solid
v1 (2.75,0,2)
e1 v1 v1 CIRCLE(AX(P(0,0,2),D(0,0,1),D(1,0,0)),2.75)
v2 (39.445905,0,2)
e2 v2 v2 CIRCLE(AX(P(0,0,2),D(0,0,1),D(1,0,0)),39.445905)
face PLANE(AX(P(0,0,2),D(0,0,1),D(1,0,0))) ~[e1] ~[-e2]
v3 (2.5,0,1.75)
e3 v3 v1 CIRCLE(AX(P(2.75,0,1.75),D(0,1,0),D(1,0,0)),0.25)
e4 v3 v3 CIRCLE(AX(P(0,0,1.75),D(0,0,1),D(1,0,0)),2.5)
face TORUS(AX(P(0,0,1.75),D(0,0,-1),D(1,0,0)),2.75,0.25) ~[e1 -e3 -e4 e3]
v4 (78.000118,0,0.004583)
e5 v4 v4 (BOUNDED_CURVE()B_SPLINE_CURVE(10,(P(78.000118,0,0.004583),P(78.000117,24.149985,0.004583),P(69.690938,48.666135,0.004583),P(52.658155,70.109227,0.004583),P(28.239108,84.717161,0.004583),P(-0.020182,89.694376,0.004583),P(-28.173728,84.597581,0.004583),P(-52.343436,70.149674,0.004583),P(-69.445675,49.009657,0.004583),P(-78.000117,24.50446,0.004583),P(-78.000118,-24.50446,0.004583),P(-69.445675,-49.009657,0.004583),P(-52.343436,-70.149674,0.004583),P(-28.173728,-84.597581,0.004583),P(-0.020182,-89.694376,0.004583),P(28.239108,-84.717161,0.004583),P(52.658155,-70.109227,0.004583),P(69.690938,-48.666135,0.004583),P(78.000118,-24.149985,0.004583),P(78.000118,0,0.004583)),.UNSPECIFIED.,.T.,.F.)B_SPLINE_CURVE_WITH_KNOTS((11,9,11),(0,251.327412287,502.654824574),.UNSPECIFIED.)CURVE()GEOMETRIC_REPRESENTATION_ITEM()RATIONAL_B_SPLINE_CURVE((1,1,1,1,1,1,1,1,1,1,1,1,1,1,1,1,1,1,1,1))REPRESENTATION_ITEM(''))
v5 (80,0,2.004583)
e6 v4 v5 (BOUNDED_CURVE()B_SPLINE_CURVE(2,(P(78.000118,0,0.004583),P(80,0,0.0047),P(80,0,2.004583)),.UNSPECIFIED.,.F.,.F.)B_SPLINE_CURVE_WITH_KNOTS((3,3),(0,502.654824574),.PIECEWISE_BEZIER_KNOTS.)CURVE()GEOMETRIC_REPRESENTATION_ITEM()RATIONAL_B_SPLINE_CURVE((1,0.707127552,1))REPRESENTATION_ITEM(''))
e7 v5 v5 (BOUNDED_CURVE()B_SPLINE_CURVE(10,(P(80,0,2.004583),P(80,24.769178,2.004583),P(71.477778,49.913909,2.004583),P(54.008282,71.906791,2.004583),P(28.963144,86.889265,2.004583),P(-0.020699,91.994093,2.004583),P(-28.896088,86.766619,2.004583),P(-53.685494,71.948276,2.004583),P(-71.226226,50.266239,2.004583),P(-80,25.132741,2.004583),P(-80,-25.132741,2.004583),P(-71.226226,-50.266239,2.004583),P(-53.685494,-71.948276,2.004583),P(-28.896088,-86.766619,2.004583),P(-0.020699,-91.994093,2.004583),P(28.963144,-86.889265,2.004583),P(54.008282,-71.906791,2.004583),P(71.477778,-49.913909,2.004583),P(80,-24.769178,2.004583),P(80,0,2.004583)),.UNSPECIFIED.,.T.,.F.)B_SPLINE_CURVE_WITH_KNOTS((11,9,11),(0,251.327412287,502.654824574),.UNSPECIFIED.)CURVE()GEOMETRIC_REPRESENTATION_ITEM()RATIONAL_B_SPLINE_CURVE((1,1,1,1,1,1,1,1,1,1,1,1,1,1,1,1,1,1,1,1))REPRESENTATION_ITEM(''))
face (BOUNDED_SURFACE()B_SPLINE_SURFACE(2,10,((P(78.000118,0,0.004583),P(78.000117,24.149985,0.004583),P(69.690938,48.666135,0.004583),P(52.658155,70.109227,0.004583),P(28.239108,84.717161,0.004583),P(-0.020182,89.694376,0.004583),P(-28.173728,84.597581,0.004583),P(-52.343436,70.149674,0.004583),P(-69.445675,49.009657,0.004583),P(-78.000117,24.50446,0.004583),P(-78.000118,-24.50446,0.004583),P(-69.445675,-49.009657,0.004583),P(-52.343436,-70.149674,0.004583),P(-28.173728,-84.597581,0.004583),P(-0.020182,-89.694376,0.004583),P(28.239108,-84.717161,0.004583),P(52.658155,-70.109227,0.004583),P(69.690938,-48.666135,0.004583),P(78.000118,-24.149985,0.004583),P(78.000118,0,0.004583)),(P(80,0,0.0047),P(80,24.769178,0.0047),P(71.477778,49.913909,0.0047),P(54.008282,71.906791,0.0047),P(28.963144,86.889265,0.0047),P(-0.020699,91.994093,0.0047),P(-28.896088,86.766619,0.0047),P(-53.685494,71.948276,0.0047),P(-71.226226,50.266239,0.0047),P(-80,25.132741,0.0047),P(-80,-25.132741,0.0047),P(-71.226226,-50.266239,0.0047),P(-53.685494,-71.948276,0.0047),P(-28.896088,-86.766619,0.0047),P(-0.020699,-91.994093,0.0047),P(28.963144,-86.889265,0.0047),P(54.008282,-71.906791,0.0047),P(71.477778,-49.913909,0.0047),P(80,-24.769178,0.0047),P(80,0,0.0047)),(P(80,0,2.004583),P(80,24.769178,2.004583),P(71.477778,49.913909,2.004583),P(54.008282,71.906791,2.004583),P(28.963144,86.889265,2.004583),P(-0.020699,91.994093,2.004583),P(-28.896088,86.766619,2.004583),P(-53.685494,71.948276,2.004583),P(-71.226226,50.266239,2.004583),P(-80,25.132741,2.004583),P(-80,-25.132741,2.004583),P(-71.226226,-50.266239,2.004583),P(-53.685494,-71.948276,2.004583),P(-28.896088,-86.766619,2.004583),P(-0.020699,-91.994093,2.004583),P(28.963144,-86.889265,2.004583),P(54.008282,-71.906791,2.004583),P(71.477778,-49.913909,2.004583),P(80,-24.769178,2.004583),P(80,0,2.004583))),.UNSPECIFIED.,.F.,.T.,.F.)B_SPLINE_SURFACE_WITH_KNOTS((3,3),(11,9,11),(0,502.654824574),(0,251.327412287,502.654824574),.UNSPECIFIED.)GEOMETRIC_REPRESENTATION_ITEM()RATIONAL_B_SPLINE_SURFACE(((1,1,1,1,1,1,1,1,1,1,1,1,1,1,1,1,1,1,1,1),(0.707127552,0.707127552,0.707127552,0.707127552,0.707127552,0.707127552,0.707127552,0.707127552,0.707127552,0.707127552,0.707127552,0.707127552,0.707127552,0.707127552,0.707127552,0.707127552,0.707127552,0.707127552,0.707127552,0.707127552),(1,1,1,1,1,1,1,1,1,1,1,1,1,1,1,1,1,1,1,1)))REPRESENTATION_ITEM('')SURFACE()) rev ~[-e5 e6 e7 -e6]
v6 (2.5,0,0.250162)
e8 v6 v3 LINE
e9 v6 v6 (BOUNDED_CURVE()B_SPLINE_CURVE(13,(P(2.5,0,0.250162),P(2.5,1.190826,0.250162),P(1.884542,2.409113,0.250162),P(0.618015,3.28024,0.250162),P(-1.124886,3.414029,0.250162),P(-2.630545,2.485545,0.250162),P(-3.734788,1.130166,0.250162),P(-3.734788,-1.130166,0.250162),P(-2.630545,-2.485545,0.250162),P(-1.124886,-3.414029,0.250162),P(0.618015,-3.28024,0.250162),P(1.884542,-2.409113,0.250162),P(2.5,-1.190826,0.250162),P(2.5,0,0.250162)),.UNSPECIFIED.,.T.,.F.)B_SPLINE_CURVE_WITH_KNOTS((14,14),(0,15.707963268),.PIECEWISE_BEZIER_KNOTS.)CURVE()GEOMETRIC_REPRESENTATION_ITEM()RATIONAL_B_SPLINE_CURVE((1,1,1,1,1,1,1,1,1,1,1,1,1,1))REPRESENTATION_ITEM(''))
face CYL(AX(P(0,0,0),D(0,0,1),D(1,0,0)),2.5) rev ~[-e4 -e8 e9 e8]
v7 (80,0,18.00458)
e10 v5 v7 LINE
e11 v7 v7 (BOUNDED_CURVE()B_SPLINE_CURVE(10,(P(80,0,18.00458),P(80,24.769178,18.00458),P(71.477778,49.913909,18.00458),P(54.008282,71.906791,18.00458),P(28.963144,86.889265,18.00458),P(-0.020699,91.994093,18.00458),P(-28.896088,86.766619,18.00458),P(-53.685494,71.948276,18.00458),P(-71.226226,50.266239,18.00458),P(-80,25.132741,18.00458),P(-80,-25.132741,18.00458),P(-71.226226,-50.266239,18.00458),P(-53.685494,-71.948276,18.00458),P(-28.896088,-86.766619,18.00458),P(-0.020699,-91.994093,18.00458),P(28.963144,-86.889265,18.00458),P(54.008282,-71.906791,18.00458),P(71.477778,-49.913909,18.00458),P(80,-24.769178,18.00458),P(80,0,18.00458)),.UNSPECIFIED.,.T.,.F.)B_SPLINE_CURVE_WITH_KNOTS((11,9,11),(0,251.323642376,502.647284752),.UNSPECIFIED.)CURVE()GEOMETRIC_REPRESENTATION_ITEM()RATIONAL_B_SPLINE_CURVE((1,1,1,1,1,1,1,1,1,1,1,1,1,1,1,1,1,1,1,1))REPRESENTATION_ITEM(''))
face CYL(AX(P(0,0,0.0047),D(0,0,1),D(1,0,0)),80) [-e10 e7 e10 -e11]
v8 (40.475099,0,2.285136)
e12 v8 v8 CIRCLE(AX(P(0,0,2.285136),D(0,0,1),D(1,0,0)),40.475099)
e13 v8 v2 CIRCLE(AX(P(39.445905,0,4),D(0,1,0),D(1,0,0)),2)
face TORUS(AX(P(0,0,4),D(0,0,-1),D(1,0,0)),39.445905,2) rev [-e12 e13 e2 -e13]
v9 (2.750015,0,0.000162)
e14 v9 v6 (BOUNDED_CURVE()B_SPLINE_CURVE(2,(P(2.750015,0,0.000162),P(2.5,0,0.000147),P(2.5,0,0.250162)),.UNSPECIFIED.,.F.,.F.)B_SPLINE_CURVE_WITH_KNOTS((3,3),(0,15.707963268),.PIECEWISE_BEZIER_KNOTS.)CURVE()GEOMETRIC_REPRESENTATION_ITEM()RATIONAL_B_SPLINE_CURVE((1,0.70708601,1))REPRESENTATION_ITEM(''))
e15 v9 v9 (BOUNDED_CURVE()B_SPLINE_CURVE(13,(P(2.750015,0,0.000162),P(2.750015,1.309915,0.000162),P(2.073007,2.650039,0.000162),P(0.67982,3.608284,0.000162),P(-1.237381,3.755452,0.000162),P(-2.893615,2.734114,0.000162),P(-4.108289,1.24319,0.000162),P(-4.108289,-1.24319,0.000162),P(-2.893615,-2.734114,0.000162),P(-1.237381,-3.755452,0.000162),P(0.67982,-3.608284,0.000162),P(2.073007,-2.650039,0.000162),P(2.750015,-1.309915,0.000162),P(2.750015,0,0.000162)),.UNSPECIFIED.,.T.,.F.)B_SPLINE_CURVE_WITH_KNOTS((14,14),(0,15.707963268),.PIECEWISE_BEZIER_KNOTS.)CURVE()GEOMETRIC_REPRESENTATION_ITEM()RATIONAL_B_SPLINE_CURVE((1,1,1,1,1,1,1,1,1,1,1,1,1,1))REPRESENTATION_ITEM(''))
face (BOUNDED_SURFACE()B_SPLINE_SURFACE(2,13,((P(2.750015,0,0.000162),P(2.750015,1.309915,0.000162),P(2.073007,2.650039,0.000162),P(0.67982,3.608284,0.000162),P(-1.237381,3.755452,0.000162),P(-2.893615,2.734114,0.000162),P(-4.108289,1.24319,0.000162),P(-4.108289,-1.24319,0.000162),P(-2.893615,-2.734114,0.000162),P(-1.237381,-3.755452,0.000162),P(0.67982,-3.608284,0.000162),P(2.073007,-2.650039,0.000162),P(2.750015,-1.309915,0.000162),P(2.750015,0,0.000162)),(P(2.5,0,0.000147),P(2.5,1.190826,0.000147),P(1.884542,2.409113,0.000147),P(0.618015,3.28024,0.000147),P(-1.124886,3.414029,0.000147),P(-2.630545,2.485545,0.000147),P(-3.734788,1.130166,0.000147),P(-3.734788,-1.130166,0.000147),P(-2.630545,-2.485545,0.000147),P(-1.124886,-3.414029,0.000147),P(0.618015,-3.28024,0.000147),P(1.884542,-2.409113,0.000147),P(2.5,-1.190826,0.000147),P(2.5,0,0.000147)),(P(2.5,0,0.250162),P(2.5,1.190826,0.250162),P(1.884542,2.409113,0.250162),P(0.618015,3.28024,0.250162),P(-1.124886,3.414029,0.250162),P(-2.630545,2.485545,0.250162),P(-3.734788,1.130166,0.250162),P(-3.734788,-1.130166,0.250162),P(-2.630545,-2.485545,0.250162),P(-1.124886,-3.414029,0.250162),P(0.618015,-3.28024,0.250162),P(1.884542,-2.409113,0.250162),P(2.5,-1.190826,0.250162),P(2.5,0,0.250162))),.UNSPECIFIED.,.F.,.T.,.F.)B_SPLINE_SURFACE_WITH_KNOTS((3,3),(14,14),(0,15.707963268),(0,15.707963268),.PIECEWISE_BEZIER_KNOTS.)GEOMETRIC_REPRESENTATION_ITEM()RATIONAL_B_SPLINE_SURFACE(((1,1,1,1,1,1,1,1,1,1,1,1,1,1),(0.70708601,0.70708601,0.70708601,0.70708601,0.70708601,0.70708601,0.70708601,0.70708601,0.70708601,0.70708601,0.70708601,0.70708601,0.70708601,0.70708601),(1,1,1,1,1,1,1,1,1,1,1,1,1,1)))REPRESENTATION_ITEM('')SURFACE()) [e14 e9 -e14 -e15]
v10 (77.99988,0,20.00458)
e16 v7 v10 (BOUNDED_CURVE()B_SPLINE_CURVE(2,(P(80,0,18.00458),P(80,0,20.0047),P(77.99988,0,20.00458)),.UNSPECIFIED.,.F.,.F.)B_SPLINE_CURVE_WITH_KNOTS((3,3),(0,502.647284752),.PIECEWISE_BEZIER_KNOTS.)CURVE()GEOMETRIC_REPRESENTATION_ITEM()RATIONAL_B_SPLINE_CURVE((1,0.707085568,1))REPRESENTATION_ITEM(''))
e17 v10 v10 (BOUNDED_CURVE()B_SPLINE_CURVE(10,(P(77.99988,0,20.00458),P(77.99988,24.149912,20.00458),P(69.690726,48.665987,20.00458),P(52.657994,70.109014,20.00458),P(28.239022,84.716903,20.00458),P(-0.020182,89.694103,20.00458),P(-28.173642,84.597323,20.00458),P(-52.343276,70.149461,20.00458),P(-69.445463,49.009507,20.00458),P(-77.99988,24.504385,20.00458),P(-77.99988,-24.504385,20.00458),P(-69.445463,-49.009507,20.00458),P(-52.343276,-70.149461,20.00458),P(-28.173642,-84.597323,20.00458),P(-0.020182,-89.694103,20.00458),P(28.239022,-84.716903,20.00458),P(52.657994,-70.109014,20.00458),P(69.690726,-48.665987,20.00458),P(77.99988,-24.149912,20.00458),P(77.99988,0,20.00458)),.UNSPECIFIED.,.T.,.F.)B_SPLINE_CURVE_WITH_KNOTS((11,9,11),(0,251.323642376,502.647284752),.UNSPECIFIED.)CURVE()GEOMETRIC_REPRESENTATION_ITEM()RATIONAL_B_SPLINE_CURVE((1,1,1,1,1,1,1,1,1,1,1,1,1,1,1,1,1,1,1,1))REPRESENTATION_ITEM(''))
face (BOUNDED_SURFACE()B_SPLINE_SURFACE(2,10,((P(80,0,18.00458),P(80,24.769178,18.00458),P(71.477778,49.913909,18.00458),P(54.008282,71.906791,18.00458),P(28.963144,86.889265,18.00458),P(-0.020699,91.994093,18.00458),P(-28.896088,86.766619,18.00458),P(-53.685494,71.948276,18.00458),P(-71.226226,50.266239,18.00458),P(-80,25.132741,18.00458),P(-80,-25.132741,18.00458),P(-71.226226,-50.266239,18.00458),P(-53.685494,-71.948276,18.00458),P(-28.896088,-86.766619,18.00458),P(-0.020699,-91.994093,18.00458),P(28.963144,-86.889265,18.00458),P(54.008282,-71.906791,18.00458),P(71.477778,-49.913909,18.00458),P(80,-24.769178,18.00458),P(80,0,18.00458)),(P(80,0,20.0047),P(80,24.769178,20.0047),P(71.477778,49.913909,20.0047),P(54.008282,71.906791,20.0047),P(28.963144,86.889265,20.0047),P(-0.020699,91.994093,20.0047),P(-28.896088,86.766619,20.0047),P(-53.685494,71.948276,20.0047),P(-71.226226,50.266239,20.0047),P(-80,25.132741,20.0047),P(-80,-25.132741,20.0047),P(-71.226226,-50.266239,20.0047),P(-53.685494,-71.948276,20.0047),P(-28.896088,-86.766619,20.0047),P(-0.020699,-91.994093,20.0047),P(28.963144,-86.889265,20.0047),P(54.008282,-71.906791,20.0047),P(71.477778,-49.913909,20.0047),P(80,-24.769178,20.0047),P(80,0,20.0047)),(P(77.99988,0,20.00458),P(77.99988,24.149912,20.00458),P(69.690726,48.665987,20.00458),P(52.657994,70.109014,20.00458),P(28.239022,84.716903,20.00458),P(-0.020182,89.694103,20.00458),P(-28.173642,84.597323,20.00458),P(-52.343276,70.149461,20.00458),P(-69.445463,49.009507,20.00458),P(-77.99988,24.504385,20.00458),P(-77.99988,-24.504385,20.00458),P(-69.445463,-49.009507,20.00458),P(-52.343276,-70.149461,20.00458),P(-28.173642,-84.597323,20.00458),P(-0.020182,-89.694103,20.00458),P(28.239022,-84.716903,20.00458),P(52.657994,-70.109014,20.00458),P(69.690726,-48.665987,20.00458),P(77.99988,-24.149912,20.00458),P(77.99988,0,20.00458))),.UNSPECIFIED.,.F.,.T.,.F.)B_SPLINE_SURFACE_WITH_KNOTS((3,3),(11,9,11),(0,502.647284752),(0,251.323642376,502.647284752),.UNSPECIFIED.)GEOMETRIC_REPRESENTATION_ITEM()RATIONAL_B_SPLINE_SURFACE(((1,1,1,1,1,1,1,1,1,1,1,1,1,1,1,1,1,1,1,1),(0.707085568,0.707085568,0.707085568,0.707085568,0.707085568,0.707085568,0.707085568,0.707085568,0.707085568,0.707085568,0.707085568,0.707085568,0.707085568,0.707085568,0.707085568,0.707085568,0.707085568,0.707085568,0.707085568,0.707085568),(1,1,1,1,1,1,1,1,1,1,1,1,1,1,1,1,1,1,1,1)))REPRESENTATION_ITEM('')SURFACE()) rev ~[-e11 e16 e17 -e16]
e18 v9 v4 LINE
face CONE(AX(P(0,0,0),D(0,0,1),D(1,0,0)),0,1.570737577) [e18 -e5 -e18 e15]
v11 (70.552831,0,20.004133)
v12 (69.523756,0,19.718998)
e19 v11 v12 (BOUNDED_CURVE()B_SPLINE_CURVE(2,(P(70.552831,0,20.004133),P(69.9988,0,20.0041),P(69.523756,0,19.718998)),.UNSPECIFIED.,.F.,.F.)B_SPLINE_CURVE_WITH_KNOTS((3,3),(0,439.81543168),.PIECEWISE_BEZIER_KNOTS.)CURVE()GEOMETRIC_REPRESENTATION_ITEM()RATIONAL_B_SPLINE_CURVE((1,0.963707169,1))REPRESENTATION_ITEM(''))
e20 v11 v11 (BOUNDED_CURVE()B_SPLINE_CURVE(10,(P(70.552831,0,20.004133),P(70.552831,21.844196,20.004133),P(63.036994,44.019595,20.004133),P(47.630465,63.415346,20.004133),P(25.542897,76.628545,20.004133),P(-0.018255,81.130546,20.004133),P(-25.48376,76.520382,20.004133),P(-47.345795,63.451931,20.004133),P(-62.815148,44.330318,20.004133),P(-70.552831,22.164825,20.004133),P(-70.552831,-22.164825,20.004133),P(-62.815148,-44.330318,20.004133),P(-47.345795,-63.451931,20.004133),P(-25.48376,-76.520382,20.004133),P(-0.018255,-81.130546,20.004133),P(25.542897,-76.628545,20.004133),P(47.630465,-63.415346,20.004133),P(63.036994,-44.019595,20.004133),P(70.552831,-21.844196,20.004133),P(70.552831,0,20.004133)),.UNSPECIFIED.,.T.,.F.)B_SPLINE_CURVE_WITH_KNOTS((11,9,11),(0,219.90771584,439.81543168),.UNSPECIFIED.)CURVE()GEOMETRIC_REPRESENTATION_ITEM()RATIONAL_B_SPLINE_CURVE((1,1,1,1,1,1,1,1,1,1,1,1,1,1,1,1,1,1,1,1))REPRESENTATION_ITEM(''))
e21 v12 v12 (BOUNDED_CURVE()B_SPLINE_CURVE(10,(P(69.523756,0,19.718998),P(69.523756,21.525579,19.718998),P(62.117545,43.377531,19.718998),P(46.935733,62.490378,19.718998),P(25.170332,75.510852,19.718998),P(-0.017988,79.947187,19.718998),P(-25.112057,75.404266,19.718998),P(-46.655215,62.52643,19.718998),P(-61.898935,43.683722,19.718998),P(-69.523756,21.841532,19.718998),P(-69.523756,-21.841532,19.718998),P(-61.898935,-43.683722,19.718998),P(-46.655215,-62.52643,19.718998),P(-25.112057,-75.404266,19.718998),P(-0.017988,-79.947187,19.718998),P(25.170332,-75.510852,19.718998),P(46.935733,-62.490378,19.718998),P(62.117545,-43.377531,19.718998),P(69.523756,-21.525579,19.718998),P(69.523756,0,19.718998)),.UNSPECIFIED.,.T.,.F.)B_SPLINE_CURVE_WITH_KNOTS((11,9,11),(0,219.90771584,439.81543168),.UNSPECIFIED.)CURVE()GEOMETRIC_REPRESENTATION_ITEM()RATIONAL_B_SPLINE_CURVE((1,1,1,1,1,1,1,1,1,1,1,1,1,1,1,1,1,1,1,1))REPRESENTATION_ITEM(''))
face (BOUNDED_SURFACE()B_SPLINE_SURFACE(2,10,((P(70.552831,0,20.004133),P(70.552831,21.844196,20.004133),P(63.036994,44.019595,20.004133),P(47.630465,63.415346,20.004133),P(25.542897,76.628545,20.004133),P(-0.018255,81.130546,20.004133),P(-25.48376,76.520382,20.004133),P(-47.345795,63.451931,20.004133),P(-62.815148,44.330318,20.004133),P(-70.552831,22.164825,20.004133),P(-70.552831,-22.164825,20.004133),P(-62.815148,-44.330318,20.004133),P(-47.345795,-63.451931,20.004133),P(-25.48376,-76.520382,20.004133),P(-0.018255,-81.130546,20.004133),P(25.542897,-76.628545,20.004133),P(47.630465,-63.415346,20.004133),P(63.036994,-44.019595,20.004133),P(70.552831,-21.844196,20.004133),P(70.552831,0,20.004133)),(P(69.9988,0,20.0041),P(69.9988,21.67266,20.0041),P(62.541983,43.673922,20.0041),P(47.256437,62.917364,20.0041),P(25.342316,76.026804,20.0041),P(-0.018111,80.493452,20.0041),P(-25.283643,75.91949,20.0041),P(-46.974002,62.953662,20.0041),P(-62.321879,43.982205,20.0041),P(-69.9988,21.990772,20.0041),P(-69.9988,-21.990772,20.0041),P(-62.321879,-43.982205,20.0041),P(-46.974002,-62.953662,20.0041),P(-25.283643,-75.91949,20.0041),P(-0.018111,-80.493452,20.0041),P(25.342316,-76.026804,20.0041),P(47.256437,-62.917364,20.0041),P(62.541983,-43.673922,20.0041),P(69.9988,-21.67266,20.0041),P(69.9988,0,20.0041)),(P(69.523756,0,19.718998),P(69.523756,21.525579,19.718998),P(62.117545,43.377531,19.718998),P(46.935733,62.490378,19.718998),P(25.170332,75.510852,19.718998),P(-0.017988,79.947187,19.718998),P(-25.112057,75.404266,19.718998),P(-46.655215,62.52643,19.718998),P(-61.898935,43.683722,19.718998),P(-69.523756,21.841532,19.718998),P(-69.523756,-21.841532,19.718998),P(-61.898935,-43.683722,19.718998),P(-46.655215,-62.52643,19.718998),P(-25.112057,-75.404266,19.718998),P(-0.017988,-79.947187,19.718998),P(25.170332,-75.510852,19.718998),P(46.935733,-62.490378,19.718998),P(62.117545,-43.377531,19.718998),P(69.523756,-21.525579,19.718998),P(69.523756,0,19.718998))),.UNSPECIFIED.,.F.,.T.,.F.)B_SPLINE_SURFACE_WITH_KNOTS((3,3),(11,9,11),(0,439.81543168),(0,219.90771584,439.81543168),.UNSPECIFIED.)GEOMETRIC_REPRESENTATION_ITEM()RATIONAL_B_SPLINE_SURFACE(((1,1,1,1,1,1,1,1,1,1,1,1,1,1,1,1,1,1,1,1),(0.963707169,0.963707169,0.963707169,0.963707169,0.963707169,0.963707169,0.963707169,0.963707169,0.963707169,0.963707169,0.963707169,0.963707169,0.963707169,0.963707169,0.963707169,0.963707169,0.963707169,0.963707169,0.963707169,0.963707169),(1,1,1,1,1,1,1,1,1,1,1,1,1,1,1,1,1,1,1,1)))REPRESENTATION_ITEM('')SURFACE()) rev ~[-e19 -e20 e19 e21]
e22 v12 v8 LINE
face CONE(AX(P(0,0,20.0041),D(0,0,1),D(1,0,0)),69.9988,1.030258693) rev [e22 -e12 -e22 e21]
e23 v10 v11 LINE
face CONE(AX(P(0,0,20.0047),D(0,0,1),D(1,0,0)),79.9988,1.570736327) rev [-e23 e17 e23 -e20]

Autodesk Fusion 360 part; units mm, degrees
sketch "Sketch1" plane through (0, 0, 0) normal (0, 1, 0) x (1, 0, 0)
  line L0 (0, 0) -> (80, -0.0047)
  line L1 (0, 0) -> (0, -2)
  line L2 (0, -2) -> (40, -2)
  line L3 (80, -0.0047) -> (79.9988, -20.0047)
  line L4 (79.9988, -20.0047) -> (69.9988, -20.0041)
  line L5 (69.9988, -20.0041) -> (40, -2)
  line L6 (0, 0) -> (2.5, 0) construction
  line L7 (2.5, 0) -> (2.5, -2)
  dimension "d3" = 2
  dimension "d5" = 20
  dimension "d6" = 10
  dimension "d10" = 2.5
  dimension "d11" = 80
  dimension "d12" = 40
revolve "Revolve1" add sketch "Sketch1" angle 360 about axis through (0, 0, 1.75) along (0, 0, 1) contours L0 L2 L3 L4 L5 L7
fillet "Fillet1" radius 2 3 faces at (43.9825, -40.8098, 14.0027) (76.5702, -3.8215, 20.0045) (79.9006, -3.9877, 6.6713)
fillet "Fillet2" radius 0.25 2 edges at (-2.3308, -0.904, 0.0001) (-2.3308, -0.904, 2)
